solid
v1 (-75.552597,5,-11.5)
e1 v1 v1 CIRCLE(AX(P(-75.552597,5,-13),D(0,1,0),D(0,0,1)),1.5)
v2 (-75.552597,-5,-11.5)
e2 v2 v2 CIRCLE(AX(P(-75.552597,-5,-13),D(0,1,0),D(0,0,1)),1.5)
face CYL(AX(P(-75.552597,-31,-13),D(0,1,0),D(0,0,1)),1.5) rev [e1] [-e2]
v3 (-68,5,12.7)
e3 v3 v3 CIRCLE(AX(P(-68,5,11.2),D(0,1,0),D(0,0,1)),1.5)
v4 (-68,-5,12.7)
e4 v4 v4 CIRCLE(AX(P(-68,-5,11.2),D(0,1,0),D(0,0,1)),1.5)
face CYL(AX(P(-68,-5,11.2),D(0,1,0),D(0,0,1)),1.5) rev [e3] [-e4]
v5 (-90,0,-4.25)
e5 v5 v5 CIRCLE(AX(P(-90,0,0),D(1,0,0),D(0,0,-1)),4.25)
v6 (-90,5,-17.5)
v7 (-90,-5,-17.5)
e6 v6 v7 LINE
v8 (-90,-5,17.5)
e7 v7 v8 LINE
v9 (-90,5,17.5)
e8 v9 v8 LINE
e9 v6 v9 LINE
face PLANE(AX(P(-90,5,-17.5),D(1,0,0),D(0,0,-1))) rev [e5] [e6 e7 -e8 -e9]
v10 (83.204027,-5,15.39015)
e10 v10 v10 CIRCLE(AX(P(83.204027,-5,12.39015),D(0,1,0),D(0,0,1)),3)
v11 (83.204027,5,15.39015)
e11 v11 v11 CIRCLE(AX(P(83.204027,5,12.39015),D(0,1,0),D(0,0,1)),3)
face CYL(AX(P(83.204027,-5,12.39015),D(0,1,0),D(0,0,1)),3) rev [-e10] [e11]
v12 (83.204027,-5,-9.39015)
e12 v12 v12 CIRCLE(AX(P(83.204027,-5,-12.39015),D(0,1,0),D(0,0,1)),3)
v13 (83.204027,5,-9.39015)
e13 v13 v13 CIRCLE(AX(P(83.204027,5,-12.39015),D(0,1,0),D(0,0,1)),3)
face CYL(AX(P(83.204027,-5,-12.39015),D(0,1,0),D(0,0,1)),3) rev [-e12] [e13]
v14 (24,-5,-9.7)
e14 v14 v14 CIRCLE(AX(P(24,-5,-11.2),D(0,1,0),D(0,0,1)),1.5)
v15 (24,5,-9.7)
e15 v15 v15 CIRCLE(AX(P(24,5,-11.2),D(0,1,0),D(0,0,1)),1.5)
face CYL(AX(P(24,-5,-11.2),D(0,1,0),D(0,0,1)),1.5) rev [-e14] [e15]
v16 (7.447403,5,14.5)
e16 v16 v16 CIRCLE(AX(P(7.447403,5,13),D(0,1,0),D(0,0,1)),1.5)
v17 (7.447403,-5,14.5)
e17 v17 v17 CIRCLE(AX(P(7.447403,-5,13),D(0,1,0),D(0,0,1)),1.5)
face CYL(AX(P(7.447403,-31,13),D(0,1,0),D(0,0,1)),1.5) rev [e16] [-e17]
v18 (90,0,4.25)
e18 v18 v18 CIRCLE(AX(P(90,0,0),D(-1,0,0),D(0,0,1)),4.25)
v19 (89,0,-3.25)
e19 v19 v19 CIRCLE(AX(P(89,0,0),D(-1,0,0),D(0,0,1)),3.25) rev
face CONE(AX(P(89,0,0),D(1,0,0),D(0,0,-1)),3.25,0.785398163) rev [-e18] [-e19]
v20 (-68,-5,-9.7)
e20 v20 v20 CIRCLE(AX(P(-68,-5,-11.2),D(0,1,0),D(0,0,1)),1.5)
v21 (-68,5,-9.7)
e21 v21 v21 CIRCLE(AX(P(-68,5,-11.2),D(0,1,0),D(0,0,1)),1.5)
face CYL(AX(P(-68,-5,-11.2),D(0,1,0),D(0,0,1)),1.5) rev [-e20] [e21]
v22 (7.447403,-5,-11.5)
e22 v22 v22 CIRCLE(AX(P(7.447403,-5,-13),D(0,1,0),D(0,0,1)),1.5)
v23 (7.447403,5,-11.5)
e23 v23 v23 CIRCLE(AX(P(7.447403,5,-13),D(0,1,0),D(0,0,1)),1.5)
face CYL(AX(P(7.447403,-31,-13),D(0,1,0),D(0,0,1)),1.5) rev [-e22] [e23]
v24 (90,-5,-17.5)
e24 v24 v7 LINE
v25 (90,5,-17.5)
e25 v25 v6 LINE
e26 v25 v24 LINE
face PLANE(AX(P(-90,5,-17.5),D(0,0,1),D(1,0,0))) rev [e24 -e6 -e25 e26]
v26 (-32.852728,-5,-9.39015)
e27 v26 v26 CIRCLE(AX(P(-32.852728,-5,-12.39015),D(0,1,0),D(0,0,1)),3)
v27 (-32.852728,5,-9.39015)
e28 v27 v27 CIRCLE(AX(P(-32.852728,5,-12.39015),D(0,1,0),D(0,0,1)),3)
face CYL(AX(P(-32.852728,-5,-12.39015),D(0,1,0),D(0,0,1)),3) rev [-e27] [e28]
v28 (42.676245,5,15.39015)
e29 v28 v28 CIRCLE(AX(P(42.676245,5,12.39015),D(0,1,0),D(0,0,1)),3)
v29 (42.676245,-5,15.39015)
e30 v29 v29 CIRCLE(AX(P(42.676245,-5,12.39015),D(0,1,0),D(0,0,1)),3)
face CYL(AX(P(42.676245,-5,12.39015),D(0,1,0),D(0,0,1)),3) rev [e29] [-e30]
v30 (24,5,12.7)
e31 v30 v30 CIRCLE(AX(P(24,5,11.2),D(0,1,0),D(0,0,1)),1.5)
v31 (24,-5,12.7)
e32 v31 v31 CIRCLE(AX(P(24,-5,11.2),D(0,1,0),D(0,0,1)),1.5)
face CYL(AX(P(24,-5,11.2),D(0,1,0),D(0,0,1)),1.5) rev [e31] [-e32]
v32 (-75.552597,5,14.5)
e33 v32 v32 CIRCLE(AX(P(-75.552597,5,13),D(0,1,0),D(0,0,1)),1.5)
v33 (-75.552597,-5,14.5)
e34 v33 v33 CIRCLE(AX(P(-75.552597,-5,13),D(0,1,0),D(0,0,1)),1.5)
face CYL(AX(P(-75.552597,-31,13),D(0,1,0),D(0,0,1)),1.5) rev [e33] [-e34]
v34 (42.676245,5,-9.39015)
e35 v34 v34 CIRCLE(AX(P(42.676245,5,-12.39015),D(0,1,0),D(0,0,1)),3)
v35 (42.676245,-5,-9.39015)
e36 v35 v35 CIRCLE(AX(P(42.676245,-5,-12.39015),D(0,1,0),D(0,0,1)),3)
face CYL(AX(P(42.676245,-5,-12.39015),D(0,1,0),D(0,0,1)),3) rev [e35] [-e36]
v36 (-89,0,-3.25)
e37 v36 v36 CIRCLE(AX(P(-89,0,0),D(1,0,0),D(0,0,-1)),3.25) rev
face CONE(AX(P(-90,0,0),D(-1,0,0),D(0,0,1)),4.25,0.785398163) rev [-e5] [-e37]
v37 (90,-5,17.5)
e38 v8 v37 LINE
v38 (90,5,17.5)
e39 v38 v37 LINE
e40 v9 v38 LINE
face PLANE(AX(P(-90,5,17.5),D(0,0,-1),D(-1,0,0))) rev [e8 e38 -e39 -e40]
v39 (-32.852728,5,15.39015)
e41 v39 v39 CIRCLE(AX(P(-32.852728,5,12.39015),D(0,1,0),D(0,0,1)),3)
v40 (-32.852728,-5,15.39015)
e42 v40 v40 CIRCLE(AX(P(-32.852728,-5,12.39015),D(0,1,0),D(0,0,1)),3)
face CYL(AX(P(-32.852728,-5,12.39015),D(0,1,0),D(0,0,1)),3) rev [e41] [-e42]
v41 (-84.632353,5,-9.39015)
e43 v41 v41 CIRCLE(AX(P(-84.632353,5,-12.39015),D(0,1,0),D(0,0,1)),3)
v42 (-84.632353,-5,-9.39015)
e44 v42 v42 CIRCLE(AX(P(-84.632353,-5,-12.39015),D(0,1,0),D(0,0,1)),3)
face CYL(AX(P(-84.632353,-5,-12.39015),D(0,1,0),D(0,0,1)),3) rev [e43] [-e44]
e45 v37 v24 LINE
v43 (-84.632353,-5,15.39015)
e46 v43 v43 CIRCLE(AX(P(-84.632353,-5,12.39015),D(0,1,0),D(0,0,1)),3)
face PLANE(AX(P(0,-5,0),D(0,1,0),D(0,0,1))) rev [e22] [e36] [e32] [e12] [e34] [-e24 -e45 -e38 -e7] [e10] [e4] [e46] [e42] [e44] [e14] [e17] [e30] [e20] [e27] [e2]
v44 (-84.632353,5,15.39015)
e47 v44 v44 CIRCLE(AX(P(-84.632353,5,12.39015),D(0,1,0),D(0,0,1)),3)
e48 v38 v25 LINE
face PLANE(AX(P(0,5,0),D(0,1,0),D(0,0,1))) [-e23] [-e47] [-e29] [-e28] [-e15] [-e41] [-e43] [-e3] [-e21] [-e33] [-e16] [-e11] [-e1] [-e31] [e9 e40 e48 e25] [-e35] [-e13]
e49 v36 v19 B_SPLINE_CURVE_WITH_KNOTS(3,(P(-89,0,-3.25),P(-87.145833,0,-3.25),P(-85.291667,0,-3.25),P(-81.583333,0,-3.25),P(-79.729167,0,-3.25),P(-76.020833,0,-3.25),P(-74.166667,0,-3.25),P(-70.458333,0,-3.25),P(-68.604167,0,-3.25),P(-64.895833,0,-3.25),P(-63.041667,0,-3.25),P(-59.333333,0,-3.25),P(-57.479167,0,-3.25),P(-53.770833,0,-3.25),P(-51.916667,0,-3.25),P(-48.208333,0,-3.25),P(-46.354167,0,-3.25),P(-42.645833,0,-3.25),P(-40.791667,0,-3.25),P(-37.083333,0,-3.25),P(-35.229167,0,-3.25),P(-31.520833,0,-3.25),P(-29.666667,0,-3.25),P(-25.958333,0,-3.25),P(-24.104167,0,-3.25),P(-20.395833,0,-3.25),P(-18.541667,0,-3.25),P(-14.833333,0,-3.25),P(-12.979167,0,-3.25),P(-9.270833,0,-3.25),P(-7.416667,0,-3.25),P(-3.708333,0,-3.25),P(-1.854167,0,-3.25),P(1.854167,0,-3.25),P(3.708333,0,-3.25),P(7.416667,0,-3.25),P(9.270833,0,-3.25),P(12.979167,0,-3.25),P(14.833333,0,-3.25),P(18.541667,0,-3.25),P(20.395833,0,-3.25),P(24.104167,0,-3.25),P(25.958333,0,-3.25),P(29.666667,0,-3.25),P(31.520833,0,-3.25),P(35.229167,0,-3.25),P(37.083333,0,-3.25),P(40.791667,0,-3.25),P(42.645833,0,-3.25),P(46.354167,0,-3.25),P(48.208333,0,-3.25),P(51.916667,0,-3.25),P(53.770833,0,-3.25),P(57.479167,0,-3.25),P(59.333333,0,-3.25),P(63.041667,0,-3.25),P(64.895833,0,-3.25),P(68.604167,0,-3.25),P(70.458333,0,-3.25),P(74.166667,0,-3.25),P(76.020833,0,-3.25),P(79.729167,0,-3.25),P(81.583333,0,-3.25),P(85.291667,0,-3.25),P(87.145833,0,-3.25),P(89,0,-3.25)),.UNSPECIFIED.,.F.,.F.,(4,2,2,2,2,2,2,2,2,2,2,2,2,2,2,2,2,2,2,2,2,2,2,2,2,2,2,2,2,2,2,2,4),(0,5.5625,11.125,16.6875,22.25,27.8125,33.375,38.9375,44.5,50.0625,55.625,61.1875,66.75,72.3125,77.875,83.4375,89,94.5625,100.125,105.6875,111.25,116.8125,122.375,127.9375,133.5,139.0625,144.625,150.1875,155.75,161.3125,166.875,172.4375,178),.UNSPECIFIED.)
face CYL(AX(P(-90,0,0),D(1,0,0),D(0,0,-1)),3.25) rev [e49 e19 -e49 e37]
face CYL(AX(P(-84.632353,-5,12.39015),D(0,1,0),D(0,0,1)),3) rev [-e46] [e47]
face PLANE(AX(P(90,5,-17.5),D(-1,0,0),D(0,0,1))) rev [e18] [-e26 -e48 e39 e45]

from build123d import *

# Parameters (mm, degrees)
SKETCH1_W           = 180
SKETCH1_H           = 35
BOSS_EXTRUDE1_DEPTH = 5
SKETCH3_R           = 3.25
CUT_EXTRUDE1_DEPTH  = 181.917799014
CHAMFER1_SIZE       = 1
CHAMFER2_SIZE       = 1
SKETCH5_R           = 1.5
CUT_EXTRUDE2_DEPTH  = 10
SKETCH18_R          = 1.5
CUT_EXTRUDE3_DEPTH  = 36
SKETCH19_R          = 3
CUT_EXTRUDE4_DEPTH  = 10


with BuildPart() as part:
    # Sketch1 → Boss-Extrude1 (new, symmetric)
    with BuildSketch(Plane(origin=(0, 0, 0), x_dir=(1, 0, 0), z_dir=(0, 1, 0))):
        Rectangle(SKETCH1_W, SKETCH1_H)
    extrude(amount=BOSS_EXTRUDE1_DEPTH, both=True)

    # Sketch3 → Cut-Extrude1 (cut, through all)
    with BuildSketch(Plane(origin=(90, 0, 0), x_dir=(0, 0, -1), z_dir=(1, 0, 0))):
        Circle(SKETCH3_R)
    extrude(amount=-CUT_EXTRUDE1_DEPTH, mode=Mode.SUBTRACT)

    # Chamfer1
    chamfer1_edges = [part.edges().sort_by_distance(p)[0] for p in [
        (90, 0, 3.25),
    ]]
    chamfer(chamfer1_edges, length=CHAMFER1_SIZE)

    # Chamfer2
    chamfer2_edges = [part.edges().sort_by_distance(p)[0] for p in [
        (-90, 0, 3.25),
    ]]
    chamfer(chamfer2_edges, length=CHAMFER2_SIZE)

    # Sketch5 → Cut-Extrude2 (cut)
    with BuildSketch(Plane(origin=(0, 5, 0), x_dir=(1, 0, 0), z_dir=(0, 1, 0))):
        with Locations(Location((-68, -11.2, 0), (0, 0, 270))):
            Circle(SKETCH5_R)
        with Locations(Location((-68, 11.2, 0), (0, 0, 270))):
            Circle(SKETCH5_R)
        with Locations(Location((24, 11.2, 0), (0, 0, 270))):
            Circle(SKETCH5_R)
        with Locations(Location((24, -11.2, 0), (0, 0, 270))):
            Circle(SKETCH5_R)
    extrude(amount=-CUT_EXTRUDE2_DEPTH, mode=Mode.SUBTRACT)

    # Sketch18 → Cut-Extrude3 (cut)
    with BuildSketch(Plane(origin=(0, 5, 0), x_dir=(1, 0, 0), z_dir=(0, 1, 0))):
        with Locations(Location((-75.552597146, 13, 0), (0, 0, 270))):
            Circle(SKETCH18_R)
        with Locations(Location((-75.552597146, -13, 0), (0, 0, 270))):
            Circle(SKETCH18_R)
        with Locations(Location((7.447402854, -13, 0), (0, 0, 270))):
            Circle(SKETCH18_R)
        with Locations(Location((7.447402854, 13, 0), (0, 0, 270))):
            Circle(SKETCH18_R)
    extrude(amount=-CUT_EXTRUDE3_DEPTH, mode=Mode.SUBTRACT)

    # Sketch19 → Cut-Extrude4 (cut)
    with BuildSketch(Plane(origin=(0, 5, 0), x_dir=(1, 0, 0), z_dir=(0, 1, 0))):
        with Locations(Location((-84.632352591, 12.390150385, 0), (0, 0, 270))):
            Circle(SKETCH19_R)
        with Locations(Location((-84.632352591, -12.390150385, 0), (0, 0, 270))):
            Circle(SKETCH19_R)
        with Locations(Location((83.204027378, 12.390150385, 0), (0, 0, 270))):
            Circle(SKETCH19_R)
        with Locations(Location((83.204027378, -12.390150385, 0), (0, 0, 270))):
            Circle(SKETCH19_R)
        with Locations(Location((42.676245092, -12.390150385, 0), (0, 0, 270))):
            Circle(SKETCH19_R)
        with Locations(Location((42.676245092, 12.390150385, 0), (0, 0, 270))):
            Circle(SKETCH19_R)
        with Locations(Location((-32.852727664, -12.390150385, 0), (0, 0, 270))):
            Circle(SKETCH19_R)
        with Locations(Location((-32.852727664, 12.390150385, 0), (0, 0, 270))):
            Circle(SKETCH19_R)
    extrude(amount=-CUT_EXTRUDE4_DEPTH, mode=Mode.SUBTRACT)


solid = part.part
